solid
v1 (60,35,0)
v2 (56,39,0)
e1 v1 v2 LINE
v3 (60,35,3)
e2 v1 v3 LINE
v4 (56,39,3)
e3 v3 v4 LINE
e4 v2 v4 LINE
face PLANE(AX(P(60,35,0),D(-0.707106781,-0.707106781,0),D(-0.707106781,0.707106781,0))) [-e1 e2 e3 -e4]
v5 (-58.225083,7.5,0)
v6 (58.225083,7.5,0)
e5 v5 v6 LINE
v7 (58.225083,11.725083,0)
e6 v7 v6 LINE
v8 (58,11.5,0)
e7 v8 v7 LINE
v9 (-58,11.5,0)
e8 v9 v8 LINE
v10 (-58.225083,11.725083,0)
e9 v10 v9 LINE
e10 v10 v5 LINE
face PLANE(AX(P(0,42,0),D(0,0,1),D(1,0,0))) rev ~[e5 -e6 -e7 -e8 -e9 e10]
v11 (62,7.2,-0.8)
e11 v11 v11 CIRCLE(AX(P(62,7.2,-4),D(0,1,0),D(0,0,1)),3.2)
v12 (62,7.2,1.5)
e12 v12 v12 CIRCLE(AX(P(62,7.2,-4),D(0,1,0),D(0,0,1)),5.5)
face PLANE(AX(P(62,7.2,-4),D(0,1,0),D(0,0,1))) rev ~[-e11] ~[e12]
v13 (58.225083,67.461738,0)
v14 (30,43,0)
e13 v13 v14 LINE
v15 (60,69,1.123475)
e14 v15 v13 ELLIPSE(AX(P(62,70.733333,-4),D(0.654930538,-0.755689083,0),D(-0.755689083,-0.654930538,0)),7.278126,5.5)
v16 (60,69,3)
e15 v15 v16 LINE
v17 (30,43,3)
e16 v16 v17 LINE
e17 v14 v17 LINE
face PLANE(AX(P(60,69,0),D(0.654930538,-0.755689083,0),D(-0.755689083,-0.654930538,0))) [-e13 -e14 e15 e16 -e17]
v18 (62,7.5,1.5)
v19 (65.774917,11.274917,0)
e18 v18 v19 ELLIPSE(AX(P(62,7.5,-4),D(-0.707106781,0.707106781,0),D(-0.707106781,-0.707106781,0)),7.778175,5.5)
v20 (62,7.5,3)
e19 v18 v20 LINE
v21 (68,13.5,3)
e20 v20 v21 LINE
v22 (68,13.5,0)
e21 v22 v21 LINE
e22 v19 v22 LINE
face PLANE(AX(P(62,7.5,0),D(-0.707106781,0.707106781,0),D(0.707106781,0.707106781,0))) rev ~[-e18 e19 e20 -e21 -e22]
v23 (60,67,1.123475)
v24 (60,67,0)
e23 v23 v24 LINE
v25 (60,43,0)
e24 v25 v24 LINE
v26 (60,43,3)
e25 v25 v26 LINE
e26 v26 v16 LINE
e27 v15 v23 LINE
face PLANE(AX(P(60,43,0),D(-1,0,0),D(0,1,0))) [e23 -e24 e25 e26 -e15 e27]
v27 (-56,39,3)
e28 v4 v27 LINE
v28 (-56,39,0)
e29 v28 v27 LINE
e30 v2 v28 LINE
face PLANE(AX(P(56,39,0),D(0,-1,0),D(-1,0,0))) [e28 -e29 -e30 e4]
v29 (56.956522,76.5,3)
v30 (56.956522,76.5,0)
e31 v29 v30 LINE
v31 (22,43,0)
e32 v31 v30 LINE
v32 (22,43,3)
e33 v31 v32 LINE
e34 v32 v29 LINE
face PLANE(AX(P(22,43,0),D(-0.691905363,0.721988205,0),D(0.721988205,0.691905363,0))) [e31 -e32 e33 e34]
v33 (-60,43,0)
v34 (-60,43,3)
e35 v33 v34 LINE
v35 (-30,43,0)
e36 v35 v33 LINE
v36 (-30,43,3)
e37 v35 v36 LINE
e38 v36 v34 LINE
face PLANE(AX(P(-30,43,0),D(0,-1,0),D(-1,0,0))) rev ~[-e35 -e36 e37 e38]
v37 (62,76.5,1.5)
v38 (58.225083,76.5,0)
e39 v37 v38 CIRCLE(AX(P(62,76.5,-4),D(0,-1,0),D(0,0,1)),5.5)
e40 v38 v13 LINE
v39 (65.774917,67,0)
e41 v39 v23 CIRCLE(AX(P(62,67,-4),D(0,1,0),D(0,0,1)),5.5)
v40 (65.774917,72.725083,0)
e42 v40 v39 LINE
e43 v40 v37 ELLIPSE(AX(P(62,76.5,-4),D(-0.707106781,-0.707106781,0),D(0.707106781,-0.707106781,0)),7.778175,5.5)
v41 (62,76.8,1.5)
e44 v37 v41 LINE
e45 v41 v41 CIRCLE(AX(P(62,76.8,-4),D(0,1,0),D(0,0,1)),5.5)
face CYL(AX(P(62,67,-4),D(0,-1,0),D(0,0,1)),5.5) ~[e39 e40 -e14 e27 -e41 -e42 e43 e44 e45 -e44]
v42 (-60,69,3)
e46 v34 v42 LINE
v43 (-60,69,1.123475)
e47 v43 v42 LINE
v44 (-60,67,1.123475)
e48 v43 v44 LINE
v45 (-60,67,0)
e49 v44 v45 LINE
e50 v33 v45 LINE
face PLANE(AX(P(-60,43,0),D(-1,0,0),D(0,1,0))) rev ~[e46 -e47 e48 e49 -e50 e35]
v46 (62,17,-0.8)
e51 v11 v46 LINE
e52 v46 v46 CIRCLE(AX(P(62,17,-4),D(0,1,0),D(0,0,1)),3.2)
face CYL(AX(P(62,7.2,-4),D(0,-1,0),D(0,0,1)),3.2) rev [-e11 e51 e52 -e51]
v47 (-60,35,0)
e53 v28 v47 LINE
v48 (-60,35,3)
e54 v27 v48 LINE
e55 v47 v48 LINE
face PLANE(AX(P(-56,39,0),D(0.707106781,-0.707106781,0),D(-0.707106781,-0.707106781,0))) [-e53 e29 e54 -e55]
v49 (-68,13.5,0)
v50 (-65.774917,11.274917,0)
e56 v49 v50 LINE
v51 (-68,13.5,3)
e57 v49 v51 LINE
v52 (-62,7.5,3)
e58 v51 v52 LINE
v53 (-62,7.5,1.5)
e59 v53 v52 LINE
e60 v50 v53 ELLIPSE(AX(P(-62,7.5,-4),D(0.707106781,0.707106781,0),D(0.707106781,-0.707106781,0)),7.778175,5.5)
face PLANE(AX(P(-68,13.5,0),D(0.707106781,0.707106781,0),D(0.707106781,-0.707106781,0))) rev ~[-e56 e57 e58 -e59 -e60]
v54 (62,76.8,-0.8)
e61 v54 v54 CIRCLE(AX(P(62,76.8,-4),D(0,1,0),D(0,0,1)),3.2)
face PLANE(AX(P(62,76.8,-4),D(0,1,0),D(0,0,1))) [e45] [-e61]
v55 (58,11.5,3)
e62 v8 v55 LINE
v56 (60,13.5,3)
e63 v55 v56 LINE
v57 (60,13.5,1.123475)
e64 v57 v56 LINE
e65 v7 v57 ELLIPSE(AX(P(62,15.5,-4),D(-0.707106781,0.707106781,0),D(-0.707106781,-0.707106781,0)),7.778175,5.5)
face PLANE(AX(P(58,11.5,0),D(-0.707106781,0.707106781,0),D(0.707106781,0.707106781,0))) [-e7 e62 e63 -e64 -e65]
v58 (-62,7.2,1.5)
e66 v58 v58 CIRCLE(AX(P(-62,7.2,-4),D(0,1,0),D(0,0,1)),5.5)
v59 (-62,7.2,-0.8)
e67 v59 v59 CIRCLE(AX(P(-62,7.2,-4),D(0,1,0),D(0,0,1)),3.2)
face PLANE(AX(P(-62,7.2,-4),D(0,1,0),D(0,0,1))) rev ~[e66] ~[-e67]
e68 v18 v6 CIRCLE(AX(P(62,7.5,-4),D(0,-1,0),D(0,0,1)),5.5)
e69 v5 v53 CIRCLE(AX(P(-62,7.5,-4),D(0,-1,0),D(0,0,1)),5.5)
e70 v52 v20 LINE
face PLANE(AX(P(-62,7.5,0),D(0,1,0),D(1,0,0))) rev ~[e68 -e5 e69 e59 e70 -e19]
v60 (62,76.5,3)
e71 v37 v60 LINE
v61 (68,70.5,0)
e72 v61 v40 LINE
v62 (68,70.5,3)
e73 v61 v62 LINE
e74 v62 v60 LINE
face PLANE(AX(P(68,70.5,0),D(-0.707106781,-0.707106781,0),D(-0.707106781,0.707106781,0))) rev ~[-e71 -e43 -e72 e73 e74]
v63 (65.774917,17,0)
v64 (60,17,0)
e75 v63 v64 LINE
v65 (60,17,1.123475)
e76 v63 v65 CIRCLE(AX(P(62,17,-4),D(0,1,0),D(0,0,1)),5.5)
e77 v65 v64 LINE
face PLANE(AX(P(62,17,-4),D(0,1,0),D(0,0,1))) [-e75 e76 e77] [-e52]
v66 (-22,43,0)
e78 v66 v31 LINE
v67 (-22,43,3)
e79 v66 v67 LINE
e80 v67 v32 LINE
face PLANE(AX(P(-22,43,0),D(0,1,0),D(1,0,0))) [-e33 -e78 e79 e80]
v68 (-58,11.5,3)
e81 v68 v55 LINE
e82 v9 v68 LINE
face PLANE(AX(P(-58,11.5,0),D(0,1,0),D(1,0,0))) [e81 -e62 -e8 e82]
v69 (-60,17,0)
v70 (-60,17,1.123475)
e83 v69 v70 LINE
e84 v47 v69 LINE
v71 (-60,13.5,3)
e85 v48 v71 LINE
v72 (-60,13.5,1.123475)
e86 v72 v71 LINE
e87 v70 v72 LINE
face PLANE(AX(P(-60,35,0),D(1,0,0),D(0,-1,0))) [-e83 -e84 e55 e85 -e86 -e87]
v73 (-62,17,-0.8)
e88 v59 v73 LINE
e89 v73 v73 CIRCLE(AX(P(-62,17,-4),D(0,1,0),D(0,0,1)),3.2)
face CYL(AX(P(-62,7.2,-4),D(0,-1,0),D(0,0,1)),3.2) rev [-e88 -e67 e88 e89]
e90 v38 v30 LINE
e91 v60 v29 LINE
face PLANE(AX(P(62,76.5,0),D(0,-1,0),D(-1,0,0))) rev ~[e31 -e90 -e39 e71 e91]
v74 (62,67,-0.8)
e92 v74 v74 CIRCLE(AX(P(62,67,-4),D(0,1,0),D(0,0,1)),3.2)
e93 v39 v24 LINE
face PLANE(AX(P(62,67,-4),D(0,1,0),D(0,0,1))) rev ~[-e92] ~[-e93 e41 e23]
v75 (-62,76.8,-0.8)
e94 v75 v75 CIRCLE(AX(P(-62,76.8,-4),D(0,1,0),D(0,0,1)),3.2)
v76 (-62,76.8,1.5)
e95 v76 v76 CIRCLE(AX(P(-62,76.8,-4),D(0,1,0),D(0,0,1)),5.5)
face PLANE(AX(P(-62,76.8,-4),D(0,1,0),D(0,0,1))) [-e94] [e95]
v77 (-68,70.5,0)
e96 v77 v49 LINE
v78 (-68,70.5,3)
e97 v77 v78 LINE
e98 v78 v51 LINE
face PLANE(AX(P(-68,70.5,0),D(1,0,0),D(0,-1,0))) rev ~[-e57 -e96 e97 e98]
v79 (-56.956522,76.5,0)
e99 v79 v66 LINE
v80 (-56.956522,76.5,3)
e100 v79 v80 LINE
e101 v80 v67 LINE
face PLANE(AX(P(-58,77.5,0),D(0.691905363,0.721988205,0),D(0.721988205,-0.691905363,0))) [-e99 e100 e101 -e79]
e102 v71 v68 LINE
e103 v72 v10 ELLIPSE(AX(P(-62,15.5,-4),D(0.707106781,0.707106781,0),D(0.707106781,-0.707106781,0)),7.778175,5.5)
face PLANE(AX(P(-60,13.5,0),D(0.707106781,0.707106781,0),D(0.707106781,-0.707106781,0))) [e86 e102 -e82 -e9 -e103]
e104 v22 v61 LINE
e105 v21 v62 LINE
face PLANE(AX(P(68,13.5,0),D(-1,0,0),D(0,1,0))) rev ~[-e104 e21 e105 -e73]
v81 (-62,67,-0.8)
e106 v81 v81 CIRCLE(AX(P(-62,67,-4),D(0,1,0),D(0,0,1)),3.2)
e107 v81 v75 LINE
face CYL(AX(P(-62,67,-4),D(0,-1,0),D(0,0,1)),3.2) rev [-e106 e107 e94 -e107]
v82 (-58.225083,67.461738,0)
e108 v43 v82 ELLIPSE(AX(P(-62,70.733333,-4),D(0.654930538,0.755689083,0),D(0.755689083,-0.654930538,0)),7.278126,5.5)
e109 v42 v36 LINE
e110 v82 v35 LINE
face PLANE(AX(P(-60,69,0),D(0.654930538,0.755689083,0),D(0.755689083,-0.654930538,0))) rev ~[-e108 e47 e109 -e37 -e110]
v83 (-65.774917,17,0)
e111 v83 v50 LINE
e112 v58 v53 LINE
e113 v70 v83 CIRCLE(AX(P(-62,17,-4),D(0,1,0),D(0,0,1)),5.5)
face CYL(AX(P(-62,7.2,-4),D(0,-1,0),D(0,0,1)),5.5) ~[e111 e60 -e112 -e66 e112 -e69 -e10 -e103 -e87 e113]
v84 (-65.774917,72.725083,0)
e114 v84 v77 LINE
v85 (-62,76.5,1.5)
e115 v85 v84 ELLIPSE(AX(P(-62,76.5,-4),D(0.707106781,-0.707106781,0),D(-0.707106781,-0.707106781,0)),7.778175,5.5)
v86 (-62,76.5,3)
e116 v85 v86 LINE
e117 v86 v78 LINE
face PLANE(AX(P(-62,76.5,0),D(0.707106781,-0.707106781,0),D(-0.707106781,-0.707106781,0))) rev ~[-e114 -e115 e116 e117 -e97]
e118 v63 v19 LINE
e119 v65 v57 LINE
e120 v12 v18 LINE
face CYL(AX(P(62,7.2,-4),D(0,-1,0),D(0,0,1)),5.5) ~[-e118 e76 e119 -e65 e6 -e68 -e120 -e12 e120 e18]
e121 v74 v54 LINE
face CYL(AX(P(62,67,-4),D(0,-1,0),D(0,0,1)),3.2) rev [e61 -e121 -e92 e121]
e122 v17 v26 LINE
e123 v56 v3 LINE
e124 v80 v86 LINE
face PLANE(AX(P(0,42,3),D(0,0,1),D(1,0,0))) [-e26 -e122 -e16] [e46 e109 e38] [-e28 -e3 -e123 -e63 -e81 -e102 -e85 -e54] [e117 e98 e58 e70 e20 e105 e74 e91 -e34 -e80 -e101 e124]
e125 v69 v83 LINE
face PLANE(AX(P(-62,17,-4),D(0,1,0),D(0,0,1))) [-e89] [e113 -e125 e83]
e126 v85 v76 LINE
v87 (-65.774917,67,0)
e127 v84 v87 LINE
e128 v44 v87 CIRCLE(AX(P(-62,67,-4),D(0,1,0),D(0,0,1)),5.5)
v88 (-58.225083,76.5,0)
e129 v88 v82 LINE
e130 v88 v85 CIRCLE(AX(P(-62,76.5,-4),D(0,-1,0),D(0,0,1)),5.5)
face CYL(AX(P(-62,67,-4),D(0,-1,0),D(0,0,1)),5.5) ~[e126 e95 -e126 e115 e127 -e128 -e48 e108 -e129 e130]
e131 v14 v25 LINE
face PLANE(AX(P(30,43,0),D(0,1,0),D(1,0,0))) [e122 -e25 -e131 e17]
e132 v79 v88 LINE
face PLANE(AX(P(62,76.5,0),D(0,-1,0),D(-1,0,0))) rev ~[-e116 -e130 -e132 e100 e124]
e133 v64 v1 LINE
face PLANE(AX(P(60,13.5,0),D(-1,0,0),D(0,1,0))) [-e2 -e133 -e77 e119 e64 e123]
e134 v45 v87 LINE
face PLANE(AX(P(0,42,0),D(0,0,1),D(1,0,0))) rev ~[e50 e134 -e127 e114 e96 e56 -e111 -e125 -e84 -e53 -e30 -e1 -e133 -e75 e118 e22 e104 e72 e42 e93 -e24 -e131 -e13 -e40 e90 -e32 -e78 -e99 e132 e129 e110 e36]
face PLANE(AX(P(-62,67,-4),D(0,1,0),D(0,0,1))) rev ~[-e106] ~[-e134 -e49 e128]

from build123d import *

# Parameters (mm, degrees)
F_3MM_DEPTH           = 3
CUT_EXTRUDE_368_DEPTH = 3
D6P4_1_7_2_START      = 7.2
SKETCH_3_R            = 5.5
SKETCH_3_R_2          = 3.2
D6P4_1_7_2_DEPTH      = 9.8
D6P4_1_67_START       = 67
SKETCH_4_R            = 5.5
SKETCH_4_R_2          = 3.2
D6P4_1_67_DEPTH       = 9.8
SKETCH_5_R            = 5.5
SKETCH_5_R_2          = 3.2
D6P4_1_7_2_2_DEPTH    = 9.8
SKETCH_6_R            = 5.5
SKETCH_6_R_2          = 3.2
D6P4_1_67_2_DEPTH     = 9.8


with BuildPart() as part:
    # 草图1 → 斜切侧罩_3mm外壳 (new body)
    with BuildSketch(Plane.XY):
        Polygon((-62, 7.5), (62, 7.5), (68, 13.5), (68, 70.5), (62, 76.5), (-62, 76.5), (-68, 70.5), (-68, 13.5), align=None)
    extrude(amount=F_3MM_DEPTH)

    # 草图2 → Cut-Extrude 368 (cut)
    with BuildSketch(Plane.XY):
        Polygon((-58, 11.5), (58, 11.5), (60, 13.5), (60, 35), (56, 39), (-56, 39), (-60, 35), (-60, 13.5), align=None)
        Polygon((-22, 43), (22, 43), (58, 77.5), (-58, 77.5), align=None)
        Polygon((-30, 43), (-60, 43), (-60, 69), align=None)
        Polygon((30, 43), (60, 43), (60, 69), align=None)
    extrude(amount=CUT_EXTRUDE_368_DEPTH, mode=Mode.SUBTRACT)

    # 草图3 → D6p4_-1_7.2 (add)
    with BuildSketch(Plane(origin=(0, 0, 0), x_dir=(1, 0, 0), z_dir=(0, 1, 0)).offset(D6P4_1_7_2_START)):
        with Locations(Location((-62, 4, 0), (0, 0, 270))):
            Circle(SKETCH_3_R)
        with Locations(Location((-62, 4, 0), (0, 0, 270))):
            Circle(SKETCH_3_R_2, mode=Mode.SUBTRACT)
    extrude(amount=D6P4_1_7_2_DEPTH)

    # 草图4 → D6p4_-1_67 (add)
    with BuildSketch(Plane(origin=(0, 0, 0), x_dir=(1, 0, 0), z_dir=(0, 1, 0)).offset(D6P4_1_67_START)):
        with Locations(Location((-62, 4, 0), (0, 0, 270))):
            Circle(SKETCH_4_R)
        with Locations(Location((-62, 4, 0), (0, 0, 270))):
            Circle(SKETCH_4_R_2, mode=Mode.SUBTRACT)
    extrude(amount=D6P4_1_67_DEPTH)

    # 草图5 → D6p4_1_7.2 2 (add)
    with BuildSketch(Plane(origin=(0, 0, 0), x_dir=(1, 0, 0), z_dir=(0, 1, 0)).offset(D6P4_1_7_2_START)):
        with Locations(Location((62, 4, 0), (0, 0, 270))):
            Circle(SKETCH_5_R)
        with Locations(Location((62, 4, 0), (0, 0, 270))):
            Circle(SKETCH_5_R_2, mode=Mode.SUBTRACT)
    extrude(amount=D6P4_1_7_2_2_DEPTH)

    # 草图6 → D6p4_1_67 2 (add)
    with BuildSketch(Plane(origin=(0, 0, 0), x_dir=(1, 0, 0), z_dir=(0, 1, 0)).offset(D6P4_1_67_START)):
        with Locations(Location((62, 4, 0), (0, 0, 270))):
            Circle(SKETCH_6_R)
        with Locations(Location((62, 4, 0), (0, 0, 270))):
            Circle(SKETCH_6_R_2, mode=Mode.SUBTRACT)
    extrude(amount=D6P4_1_67_2_DEPTH)


solid = part.part
